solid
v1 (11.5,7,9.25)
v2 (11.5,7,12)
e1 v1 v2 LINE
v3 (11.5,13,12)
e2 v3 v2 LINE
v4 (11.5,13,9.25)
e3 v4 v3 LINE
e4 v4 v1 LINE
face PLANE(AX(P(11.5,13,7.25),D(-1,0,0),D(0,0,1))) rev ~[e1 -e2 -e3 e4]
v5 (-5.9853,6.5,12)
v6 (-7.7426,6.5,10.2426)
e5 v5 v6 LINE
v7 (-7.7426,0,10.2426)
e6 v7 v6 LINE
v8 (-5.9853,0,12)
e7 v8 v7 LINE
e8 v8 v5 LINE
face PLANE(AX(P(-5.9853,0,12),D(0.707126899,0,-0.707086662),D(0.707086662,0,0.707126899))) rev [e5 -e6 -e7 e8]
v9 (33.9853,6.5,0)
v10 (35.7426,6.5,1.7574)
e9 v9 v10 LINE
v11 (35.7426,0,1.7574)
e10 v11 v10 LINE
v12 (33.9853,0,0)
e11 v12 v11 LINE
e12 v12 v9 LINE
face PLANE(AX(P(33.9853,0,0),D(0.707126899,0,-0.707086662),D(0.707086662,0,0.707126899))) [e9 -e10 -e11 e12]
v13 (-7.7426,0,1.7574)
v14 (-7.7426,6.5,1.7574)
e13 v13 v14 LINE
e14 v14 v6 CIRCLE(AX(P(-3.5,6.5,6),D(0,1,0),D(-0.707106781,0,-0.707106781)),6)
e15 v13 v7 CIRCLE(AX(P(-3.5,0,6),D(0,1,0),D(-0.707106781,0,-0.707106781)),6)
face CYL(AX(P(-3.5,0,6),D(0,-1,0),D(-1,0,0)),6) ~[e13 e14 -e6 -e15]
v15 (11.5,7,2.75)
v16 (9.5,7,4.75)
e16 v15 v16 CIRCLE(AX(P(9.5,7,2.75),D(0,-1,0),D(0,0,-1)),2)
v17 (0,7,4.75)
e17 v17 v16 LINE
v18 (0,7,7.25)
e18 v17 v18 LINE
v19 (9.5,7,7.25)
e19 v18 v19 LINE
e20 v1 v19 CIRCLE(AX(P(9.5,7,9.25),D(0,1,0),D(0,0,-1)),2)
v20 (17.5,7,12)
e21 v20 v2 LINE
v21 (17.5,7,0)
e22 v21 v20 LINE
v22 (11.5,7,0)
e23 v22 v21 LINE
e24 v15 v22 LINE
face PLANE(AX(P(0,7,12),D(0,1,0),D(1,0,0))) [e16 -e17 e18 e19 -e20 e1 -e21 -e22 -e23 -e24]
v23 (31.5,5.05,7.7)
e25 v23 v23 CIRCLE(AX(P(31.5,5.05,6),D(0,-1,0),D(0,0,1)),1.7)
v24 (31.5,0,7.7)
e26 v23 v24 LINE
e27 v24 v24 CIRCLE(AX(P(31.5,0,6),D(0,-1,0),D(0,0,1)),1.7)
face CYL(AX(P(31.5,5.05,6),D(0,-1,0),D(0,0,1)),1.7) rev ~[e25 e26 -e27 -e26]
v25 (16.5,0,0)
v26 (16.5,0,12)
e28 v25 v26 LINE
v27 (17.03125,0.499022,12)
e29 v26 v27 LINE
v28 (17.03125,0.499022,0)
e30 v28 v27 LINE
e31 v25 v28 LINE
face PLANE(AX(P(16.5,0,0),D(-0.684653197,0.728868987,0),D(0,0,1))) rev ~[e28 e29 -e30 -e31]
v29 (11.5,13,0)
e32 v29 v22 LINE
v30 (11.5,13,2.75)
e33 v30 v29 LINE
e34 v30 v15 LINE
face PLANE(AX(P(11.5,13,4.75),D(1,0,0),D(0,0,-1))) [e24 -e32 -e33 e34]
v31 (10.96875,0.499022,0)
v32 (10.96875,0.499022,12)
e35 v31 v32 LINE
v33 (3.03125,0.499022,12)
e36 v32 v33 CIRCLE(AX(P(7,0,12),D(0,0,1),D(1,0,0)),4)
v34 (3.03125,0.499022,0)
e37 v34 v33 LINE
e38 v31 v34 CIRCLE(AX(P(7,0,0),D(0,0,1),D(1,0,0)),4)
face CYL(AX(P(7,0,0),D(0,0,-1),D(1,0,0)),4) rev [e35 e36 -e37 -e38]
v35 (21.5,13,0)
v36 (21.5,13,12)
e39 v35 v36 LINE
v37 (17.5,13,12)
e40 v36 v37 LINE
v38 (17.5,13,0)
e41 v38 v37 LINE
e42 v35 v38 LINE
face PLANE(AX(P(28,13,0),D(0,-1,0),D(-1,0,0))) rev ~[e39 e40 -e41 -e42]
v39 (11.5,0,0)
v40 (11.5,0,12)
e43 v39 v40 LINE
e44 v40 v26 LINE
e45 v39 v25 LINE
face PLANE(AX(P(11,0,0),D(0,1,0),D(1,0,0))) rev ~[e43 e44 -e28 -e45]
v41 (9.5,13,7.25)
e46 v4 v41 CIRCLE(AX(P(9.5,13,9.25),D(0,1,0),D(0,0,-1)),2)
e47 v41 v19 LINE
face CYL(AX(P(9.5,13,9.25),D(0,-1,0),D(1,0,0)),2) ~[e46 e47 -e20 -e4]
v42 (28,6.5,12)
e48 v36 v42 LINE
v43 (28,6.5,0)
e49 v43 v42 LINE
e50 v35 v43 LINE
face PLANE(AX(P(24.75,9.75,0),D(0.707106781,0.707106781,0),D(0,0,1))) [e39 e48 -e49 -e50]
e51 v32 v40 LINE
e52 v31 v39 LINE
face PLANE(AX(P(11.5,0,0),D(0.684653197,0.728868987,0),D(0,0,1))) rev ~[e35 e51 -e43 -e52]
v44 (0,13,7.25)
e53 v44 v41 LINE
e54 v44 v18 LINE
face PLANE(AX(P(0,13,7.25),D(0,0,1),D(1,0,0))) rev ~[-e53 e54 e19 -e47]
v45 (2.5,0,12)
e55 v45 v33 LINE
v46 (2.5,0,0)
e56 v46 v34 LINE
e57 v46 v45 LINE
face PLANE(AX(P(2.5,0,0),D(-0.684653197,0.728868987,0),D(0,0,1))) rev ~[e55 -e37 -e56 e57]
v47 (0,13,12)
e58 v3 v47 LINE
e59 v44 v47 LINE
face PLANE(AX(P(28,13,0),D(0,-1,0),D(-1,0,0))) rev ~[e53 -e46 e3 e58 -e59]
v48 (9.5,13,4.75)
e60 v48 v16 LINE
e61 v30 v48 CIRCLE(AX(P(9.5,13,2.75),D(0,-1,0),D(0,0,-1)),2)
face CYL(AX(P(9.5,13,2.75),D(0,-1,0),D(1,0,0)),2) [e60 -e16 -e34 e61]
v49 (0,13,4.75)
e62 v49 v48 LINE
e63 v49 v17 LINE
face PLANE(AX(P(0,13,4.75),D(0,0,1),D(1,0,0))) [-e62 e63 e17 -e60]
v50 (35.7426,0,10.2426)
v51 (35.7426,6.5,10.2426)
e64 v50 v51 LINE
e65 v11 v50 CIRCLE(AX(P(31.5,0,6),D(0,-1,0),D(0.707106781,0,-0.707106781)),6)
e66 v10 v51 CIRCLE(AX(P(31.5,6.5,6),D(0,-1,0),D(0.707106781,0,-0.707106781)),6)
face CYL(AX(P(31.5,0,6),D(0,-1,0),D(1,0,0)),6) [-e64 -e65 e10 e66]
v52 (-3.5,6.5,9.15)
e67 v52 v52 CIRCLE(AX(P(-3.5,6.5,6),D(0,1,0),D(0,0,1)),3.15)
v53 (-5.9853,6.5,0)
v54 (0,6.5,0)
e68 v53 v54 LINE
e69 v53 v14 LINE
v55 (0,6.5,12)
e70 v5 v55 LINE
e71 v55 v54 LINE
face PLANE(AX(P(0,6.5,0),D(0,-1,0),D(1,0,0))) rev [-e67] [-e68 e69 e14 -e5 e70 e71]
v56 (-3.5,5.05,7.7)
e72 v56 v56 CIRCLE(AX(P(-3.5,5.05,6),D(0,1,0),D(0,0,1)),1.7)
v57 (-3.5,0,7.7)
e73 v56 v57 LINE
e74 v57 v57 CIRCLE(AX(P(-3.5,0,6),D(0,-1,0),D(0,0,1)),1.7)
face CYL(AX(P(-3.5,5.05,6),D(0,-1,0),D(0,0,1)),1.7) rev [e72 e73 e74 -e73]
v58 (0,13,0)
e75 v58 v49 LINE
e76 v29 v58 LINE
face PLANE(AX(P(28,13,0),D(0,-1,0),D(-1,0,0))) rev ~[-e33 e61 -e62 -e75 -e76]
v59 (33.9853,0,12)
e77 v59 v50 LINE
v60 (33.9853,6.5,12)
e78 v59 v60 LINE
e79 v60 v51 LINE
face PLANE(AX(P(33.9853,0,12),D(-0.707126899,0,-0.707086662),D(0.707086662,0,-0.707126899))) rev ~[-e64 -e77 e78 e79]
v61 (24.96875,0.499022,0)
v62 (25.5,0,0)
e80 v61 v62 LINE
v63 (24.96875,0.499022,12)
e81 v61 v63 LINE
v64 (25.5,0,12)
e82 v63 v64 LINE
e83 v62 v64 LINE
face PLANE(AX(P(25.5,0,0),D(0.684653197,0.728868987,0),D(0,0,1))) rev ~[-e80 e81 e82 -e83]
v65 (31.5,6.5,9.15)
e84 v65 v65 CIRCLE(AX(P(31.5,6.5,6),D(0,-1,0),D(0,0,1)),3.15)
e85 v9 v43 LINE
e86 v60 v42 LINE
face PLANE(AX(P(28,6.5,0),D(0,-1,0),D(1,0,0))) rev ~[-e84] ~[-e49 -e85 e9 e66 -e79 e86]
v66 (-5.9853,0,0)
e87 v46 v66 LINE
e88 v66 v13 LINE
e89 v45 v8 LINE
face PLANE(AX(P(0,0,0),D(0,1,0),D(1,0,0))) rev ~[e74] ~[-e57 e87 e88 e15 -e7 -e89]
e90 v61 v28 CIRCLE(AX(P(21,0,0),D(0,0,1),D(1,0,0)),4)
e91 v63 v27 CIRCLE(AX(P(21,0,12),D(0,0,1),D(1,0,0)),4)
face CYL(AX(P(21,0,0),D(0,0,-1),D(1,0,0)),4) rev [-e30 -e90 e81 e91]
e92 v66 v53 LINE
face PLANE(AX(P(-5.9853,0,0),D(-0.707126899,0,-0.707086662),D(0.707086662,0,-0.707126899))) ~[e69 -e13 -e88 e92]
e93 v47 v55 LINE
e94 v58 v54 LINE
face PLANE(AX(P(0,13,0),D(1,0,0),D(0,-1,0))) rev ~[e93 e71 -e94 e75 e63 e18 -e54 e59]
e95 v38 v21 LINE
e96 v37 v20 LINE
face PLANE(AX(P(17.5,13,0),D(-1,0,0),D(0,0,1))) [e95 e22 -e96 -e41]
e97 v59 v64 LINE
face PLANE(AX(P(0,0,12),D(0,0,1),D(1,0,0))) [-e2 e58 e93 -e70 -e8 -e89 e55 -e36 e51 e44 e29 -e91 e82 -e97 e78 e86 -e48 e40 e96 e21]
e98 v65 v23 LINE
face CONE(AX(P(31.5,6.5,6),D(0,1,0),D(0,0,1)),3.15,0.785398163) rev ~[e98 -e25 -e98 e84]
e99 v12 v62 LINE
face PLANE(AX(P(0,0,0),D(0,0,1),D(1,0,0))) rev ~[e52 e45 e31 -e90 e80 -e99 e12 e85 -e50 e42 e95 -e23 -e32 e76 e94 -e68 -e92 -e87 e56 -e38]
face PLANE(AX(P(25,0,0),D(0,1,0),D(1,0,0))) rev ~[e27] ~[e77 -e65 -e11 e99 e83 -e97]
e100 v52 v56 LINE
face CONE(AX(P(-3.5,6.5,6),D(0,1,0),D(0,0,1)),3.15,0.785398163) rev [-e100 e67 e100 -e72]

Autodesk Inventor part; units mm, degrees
ref_plane "YZ Plane" through (0, 0, 0) normal (1, 0, 0) x (0, 1, 0)
sketch "Sketch1" plane through (0, 0, 0) normal (0, 0, 1) x (1, 0, 0)
  line L0 (0, 0) -> (28, 0)
  line L1 (28, 0) -> (28, 13)
  line L2 (28, 13) -> (0, 13)
  line L3 (0, 13) -> (0, 0)
  circle A0 centre (7, 0) radius 4
  circle A1 centre (21, 0) radius 4
  point P0 (3, 0)
  point P1 (11, 0)
  point P2 (17, 0)
  point P3 (25, 0)
  dimension "d0" = 28
  dimension "d1" = 13
  dimension "d2" = 8
  dimension "d3" = 8
  dimension "d4" = 14
  dimension "d5" = 7
  dimension "d6" = 7
extrude "Extrusion1" add sketch "Sketch1" along normal blind 12 contours A1 L0 A0 L3 L2 L1
chamfer "Chamfer1" distance 6.5 angle 45 1 edges at (28, 13, 6)
sketch "Sketch2" plane through (0, 13, 12) normal (0, 1, 0) x (1, 0, 0)
  line L0 (0, 12) -> (0, 0) projected
  line L1 (0, 7.25) -> (11.5, 7.25)
  line L2 (11.5, 7.25) -> (11.5, 12)
  line L3 (21.5, 12) -> (0, 12) projected
  line L4 (17.5, 12) -> (17.5, 0)
  line L5 (11, 0) -> (17, 0) projected
  line L6 (0, 4.75) -> (11.5, 4.75)
  line L7 (11.5, 4.75) -> (11.5, 0)
  line L8 (11, 0) -> (3, 0) projected
  line L9 (11.5, 12) -> (17.5, 12)
  line L10 (25, 12) -> (17, 12) projected
  line L11 (17.5, 0) -> (11.5, 0)
  line L12 (0, 4.75) -> (0, 7.25)
  dimension "d12" = 6
  dimension "d13" = 2.5
  dimension "d14" = 11.5
extrude "Extrusion2" cut sketch "Sketch2" against normal blind 6 contours L1 L2 L3 L4 L11 L5 L7 L6 L0
fillet "Fillet1" radius 2 2 edges at (11.5, 10, 4.75) (11.5, 10, 7.25)
chamfer "Chamfer2" distance 0.5 angle 45 4 edges at (3, 0, 6) (11, 0, 6) (17, 0, 6) (25, 0, 6)
ref_plane "Work Plane1" through (0, 0, 6) normal (0, 0, 1) x (1, 0, 0)
ref_plane "Work Plane3" through (14, 0, 12) normal (1, 0, 0) x (0, 0, -1)
sketch "Sketch5" plane through (28, 0, 0) normal (0, -1, 0) x (1, 0, 0)
  circle A0 centre (3.5, 6) radius 1.5
  line L0 (-2.5, 0) -> (-2.5, 12) projected
  line L1 (-2.5, 0) -> (0, 0) projected
  line L2 (0, 0) -> (0, 12) projected
  line L3 (-2.5, 12) -> (0, 12) projected
  circle A1 centre (3.5, 6) radius 3.5
  line L4 (0, 0) -> (0, 12) projected
  line L5 (-6.5, 12) -> (0, 12) projected
  line L6 (0, 12) -> (5.9853, 12)
  line L7 (0, 0) -> (-6.5, 0) projected
  line L8 (0, 0) -> (5.9853, 0)
  line L9 (5.9853, 0) -> (7.7426, 1.7574)
  line L10 (5.9853, 12) -> (7.7426, 10.2426)
  circle A2 centre (3.5, 6) radius 6
  point P0 (-28, 0)
  point P1 (0, 6)
  dimension "d26" = 3
  dimension "d28" = 7
  dimension "d38" = 135
extrude "Extrusion3" add sketch "Sketch5" against normal blind 6.5 contours A0 | L2 A2 L8 | A1 | A2 L2 | L2 L6 A2 | A2 L9 L8 | L6 L10 A2 picked at (0.8638, 10.4147)
sketch "Sketch6" plane through (28, 6.5, 0) normal (0, 1, 0) x (1, 0, 0)
  arc A0 (7.7426, -10.2426) -> (7.7426, -1.7574) centre (3.5, -6) ccw projected
  point P0 (-28, 0)
hole "Hole1" at (31.5, 6.5, 6) direction (0, -1, 0) diameter 3.4 depth 8 countersink diameter 6.3 countersink angle 90 clearance for "Flat Head Machine Screw" size "M3" standard "Ansi Metric M Profile"
mirror "Mirror2" about plane through (14, 0, 12) normal (1, 0, 0) of "Extrusion3", "Hole1"
equation "\"d5\" = d6"
properties part number "Magnet Mount Lower"
